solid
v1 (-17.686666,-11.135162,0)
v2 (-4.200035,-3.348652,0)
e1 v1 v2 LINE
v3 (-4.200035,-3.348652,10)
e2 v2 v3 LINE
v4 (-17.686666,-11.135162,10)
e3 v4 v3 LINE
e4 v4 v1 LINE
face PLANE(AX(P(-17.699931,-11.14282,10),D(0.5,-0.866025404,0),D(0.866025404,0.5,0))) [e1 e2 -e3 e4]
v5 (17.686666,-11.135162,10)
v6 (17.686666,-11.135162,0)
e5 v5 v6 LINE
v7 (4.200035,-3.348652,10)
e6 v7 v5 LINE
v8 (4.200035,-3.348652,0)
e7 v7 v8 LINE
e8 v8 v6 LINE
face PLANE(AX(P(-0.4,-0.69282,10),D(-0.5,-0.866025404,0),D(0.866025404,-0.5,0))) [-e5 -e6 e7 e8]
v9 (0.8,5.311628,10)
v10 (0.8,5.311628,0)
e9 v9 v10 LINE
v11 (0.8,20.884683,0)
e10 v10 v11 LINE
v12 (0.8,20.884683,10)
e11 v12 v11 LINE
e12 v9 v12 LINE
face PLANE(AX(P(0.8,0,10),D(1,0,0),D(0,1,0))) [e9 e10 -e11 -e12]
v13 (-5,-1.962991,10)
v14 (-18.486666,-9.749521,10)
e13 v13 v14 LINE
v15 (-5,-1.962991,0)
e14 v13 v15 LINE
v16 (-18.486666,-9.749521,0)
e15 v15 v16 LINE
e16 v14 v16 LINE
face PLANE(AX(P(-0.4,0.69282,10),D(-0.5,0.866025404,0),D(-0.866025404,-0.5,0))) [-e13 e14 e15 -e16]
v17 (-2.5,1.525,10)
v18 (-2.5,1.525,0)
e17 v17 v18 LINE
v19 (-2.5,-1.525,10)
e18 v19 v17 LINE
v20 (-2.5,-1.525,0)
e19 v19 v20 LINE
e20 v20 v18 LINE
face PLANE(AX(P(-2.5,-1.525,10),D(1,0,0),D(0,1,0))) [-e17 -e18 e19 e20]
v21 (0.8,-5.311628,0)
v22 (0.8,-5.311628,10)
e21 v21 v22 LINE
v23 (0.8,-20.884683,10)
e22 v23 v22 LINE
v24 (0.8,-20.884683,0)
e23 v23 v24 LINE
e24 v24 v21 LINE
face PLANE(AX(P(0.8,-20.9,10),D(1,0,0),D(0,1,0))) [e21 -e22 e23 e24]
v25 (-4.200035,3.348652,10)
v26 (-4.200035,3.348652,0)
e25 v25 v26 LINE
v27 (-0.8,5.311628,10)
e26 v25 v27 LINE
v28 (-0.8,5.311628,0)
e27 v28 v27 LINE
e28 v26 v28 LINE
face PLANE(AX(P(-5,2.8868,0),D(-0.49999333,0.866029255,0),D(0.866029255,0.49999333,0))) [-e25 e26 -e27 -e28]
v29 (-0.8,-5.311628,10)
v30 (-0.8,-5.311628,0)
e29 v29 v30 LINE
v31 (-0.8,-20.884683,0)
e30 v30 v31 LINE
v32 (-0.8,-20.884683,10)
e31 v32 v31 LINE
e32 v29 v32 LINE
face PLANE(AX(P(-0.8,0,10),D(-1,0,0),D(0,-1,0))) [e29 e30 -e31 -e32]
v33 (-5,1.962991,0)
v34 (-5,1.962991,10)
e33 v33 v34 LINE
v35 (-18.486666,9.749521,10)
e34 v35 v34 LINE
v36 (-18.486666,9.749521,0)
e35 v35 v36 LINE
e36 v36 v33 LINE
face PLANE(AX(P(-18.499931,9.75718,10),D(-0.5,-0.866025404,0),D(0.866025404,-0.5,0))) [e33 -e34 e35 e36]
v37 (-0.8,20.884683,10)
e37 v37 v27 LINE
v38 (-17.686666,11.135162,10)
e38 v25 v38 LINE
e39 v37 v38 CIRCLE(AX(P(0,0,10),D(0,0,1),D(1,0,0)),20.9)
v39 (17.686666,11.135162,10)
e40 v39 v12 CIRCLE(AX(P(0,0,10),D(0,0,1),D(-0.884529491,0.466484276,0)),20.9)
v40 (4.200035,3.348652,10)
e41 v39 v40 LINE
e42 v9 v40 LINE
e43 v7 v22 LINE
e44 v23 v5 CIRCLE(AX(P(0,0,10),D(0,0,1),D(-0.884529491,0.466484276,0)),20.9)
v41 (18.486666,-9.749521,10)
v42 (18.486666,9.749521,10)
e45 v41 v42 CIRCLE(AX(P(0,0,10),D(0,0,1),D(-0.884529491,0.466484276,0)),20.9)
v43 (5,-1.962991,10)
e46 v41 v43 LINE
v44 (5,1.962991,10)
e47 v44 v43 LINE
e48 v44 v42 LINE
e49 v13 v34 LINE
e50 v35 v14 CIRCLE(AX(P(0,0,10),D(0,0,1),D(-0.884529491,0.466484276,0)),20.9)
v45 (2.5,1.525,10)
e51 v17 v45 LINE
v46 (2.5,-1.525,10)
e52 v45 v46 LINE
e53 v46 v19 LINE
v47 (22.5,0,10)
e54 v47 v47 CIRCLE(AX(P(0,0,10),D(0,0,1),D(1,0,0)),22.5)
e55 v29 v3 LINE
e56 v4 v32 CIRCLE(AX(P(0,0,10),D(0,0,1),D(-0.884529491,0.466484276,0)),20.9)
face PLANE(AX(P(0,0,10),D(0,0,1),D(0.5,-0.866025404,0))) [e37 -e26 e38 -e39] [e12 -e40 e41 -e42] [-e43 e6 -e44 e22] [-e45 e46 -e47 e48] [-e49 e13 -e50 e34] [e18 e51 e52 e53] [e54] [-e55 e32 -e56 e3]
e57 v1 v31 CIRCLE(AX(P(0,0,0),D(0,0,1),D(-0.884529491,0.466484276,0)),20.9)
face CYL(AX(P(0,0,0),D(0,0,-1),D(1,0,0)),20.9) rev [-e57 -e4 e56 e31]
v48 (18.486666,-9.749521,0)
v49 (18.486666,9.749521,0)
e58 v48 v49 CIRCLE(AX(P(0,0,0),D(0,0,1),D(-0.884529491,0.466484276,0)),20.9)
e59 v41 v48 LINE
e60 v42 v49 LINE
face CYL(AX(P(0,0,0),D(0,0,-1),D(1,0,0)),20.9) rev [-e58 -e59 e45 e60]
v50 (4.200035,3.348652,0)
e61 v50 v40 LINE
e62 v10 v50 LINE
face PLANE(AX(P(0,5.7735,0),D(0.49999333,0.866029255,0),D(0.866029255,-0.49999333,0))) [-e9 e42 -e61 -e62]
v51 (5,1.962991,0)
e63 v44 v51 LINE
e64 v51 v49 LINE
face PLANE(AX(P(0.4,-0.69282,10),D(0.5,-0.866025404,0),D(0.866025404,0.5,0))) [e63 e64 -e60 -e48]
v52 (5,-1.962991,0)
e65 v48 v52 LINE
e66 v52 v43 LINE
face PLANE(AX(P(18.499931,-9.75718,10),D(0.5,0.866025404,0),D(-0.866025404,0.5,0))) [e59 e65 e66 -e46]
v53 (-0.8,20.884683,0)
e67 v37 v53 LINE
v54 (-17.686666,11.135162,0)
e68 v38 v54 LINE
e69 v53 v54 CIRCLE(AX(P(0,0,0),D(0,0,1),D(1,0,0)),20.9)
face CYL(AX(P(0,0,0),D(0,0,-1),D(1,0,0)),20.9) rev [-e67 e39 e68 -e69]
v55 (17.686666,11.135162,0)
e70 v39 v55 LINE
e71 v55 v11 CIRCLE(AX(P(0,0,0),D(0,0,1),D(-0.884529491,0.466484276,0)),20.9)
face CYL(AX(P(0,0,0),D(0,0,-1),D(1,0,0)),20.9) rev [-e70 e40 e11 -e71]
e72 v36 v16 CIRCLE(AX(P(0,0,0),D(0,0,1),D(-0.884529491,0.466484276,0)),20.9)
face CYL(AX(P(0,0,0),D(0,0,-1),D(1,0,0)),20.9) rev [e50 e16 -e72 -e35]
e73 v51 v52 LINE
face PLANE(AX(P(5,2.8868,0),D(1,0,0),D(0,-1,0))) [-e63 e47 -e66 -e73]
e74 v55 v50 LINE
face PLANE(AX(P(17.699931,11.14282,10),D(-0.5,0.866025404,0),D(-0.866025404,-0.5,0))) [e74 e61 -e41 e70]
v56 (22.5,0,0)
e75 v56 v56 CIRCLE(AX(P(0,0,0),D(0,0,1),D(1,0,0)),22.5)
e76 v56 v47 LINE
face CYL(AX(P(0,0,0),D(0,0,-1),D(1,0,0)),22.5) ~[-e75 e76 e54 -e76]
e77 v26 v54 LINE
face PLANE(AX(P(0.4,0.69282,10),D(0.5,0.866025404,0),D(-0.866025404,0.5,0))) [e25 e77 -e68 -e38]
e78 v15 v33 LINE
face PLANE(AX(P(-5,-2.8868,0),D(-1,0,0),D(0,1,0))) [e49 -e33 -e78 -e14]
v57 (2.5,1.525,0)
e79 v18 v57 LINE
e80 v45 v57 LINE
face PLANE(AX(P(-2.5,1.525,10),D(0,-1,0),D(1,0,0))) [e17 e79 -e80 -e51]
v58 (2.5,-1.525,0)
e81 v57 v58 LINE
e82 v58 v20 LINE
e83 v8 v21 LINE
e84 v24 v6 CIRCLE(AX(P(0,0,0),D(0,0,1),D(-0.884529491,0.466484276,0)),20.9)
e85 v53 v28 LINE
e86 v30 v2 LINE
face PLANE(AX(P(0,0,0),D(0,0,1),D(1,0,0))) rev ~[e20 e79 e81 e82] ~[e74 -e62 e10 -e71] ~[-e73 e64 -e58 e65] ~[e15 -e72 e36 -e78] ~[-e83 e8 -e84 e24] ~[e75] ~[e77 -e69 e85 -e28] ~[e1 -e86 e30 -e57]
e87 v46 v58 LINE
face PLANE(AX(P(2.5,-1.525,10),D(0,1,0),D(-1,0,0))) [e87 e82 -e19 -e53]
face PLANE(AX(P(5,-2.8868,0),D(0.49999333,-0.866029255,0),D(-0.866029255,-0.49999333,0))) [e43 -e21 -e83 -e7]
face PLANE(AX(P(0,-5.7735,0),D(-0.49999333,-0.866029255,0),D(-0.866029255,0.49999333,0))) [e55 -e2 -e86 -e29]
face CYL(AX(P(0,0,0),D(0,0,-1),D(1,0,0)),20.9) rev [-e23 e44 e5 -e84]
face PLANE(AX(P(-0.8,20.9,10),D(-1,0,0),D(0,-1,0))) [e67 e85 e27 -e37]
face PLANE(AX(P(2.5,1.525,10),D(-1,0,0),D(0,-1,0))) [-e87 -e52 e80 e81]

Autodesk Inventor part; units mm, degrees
ref_plane "YZ Plane" through (0, 0, 0) normal (1, 0, 0) x (0, 1, 0)
ref_plane "XZ Plane" through (0, 0, 0) normal (0, 1, 0) x (-1, 0, 0)
ref_plane "XY Plane" through (0, 0, 0) normal (0, 0, 1) x (1, 0, 0)
sketch "スケッチ1" plane through (0, 0, 0) normal (0, 0, 1) x (1, 0, 0)
  line L0 (0, -5.7735) -> (-5, -2.8868)
  line L1 (-5, -2.8868) -> (-5, 2.8868)
  line L2 (-5, 2.8868) -> (0, 5.7735)
  line L3 (0, 5.7735) -> (5, 2.8868)
  line L4 (5, 2.8868) -> (5, -2.8868)
  line L5 (5, -2.8868) -> (0, -5.7735)
  circle A0 centre (0, 0) radius 22.5
  circle A1 centre (0, 0) radius 20.9
  dimension "HUB_D" = 10
  dimension "DIA" = 45
  dimension "RIM_THIN" = 1.6
extrude "ハブ＆リム" add sketch "スケッチ1" along normal blind 10
sketch "スケッチ2" plane through (0, 0, 10) normal (0, 0, 1) x (1, 0, 0)
  line L0 (-0.8, 0) -> (0.8, 0)
  line L1 (0.8, 0) -> (0.8, 20.9)
  line L2 (0.8, 20.9) -> (-0.8, 20.9)
  line L3 (-0.8, 20.9) -> (-0.8, 0)
  line L4 (0, 0) -> (0, 25.5289) construction
  circle A0 centre (0, 0) radius 20.9 construction
  point P0 (0, 20.9)
  dimension "SPOKE_THIN" = 1.6
extrude "スポーク" add sketch "スケッチ2" against normal up to surface (10 mm away)
pattern_circular "円形状パターン1" count 6 over 360 about axis through (0, 0, -10) along (0, 0, 1) of "スポーク"
sketch "スケッチ3" plane through (0, 0, 10) normal (0, 0, 1) x (1, 0, 0)
  line L0 (-2.5, 1.525) -> (2.5, 1.525)
  line L1 (2.5, 1.525) -> (2.5, -1.525)
  line L2 (2.5, -1.525) -> (-2.5, -1.525)
  line L3 (-2.5, -1.525) -> (-2.5, 1.525)
  point P0 (0, 0)
  point P1 (0, 1.525)
  point P2 (2.5, 0)
  dimension "d11" = 5
  dimension "d12" = 3.05
extrude "押し出し3" cut sketch "スケッチ3" against normal through all
properties part number "Wheel-D45B"
